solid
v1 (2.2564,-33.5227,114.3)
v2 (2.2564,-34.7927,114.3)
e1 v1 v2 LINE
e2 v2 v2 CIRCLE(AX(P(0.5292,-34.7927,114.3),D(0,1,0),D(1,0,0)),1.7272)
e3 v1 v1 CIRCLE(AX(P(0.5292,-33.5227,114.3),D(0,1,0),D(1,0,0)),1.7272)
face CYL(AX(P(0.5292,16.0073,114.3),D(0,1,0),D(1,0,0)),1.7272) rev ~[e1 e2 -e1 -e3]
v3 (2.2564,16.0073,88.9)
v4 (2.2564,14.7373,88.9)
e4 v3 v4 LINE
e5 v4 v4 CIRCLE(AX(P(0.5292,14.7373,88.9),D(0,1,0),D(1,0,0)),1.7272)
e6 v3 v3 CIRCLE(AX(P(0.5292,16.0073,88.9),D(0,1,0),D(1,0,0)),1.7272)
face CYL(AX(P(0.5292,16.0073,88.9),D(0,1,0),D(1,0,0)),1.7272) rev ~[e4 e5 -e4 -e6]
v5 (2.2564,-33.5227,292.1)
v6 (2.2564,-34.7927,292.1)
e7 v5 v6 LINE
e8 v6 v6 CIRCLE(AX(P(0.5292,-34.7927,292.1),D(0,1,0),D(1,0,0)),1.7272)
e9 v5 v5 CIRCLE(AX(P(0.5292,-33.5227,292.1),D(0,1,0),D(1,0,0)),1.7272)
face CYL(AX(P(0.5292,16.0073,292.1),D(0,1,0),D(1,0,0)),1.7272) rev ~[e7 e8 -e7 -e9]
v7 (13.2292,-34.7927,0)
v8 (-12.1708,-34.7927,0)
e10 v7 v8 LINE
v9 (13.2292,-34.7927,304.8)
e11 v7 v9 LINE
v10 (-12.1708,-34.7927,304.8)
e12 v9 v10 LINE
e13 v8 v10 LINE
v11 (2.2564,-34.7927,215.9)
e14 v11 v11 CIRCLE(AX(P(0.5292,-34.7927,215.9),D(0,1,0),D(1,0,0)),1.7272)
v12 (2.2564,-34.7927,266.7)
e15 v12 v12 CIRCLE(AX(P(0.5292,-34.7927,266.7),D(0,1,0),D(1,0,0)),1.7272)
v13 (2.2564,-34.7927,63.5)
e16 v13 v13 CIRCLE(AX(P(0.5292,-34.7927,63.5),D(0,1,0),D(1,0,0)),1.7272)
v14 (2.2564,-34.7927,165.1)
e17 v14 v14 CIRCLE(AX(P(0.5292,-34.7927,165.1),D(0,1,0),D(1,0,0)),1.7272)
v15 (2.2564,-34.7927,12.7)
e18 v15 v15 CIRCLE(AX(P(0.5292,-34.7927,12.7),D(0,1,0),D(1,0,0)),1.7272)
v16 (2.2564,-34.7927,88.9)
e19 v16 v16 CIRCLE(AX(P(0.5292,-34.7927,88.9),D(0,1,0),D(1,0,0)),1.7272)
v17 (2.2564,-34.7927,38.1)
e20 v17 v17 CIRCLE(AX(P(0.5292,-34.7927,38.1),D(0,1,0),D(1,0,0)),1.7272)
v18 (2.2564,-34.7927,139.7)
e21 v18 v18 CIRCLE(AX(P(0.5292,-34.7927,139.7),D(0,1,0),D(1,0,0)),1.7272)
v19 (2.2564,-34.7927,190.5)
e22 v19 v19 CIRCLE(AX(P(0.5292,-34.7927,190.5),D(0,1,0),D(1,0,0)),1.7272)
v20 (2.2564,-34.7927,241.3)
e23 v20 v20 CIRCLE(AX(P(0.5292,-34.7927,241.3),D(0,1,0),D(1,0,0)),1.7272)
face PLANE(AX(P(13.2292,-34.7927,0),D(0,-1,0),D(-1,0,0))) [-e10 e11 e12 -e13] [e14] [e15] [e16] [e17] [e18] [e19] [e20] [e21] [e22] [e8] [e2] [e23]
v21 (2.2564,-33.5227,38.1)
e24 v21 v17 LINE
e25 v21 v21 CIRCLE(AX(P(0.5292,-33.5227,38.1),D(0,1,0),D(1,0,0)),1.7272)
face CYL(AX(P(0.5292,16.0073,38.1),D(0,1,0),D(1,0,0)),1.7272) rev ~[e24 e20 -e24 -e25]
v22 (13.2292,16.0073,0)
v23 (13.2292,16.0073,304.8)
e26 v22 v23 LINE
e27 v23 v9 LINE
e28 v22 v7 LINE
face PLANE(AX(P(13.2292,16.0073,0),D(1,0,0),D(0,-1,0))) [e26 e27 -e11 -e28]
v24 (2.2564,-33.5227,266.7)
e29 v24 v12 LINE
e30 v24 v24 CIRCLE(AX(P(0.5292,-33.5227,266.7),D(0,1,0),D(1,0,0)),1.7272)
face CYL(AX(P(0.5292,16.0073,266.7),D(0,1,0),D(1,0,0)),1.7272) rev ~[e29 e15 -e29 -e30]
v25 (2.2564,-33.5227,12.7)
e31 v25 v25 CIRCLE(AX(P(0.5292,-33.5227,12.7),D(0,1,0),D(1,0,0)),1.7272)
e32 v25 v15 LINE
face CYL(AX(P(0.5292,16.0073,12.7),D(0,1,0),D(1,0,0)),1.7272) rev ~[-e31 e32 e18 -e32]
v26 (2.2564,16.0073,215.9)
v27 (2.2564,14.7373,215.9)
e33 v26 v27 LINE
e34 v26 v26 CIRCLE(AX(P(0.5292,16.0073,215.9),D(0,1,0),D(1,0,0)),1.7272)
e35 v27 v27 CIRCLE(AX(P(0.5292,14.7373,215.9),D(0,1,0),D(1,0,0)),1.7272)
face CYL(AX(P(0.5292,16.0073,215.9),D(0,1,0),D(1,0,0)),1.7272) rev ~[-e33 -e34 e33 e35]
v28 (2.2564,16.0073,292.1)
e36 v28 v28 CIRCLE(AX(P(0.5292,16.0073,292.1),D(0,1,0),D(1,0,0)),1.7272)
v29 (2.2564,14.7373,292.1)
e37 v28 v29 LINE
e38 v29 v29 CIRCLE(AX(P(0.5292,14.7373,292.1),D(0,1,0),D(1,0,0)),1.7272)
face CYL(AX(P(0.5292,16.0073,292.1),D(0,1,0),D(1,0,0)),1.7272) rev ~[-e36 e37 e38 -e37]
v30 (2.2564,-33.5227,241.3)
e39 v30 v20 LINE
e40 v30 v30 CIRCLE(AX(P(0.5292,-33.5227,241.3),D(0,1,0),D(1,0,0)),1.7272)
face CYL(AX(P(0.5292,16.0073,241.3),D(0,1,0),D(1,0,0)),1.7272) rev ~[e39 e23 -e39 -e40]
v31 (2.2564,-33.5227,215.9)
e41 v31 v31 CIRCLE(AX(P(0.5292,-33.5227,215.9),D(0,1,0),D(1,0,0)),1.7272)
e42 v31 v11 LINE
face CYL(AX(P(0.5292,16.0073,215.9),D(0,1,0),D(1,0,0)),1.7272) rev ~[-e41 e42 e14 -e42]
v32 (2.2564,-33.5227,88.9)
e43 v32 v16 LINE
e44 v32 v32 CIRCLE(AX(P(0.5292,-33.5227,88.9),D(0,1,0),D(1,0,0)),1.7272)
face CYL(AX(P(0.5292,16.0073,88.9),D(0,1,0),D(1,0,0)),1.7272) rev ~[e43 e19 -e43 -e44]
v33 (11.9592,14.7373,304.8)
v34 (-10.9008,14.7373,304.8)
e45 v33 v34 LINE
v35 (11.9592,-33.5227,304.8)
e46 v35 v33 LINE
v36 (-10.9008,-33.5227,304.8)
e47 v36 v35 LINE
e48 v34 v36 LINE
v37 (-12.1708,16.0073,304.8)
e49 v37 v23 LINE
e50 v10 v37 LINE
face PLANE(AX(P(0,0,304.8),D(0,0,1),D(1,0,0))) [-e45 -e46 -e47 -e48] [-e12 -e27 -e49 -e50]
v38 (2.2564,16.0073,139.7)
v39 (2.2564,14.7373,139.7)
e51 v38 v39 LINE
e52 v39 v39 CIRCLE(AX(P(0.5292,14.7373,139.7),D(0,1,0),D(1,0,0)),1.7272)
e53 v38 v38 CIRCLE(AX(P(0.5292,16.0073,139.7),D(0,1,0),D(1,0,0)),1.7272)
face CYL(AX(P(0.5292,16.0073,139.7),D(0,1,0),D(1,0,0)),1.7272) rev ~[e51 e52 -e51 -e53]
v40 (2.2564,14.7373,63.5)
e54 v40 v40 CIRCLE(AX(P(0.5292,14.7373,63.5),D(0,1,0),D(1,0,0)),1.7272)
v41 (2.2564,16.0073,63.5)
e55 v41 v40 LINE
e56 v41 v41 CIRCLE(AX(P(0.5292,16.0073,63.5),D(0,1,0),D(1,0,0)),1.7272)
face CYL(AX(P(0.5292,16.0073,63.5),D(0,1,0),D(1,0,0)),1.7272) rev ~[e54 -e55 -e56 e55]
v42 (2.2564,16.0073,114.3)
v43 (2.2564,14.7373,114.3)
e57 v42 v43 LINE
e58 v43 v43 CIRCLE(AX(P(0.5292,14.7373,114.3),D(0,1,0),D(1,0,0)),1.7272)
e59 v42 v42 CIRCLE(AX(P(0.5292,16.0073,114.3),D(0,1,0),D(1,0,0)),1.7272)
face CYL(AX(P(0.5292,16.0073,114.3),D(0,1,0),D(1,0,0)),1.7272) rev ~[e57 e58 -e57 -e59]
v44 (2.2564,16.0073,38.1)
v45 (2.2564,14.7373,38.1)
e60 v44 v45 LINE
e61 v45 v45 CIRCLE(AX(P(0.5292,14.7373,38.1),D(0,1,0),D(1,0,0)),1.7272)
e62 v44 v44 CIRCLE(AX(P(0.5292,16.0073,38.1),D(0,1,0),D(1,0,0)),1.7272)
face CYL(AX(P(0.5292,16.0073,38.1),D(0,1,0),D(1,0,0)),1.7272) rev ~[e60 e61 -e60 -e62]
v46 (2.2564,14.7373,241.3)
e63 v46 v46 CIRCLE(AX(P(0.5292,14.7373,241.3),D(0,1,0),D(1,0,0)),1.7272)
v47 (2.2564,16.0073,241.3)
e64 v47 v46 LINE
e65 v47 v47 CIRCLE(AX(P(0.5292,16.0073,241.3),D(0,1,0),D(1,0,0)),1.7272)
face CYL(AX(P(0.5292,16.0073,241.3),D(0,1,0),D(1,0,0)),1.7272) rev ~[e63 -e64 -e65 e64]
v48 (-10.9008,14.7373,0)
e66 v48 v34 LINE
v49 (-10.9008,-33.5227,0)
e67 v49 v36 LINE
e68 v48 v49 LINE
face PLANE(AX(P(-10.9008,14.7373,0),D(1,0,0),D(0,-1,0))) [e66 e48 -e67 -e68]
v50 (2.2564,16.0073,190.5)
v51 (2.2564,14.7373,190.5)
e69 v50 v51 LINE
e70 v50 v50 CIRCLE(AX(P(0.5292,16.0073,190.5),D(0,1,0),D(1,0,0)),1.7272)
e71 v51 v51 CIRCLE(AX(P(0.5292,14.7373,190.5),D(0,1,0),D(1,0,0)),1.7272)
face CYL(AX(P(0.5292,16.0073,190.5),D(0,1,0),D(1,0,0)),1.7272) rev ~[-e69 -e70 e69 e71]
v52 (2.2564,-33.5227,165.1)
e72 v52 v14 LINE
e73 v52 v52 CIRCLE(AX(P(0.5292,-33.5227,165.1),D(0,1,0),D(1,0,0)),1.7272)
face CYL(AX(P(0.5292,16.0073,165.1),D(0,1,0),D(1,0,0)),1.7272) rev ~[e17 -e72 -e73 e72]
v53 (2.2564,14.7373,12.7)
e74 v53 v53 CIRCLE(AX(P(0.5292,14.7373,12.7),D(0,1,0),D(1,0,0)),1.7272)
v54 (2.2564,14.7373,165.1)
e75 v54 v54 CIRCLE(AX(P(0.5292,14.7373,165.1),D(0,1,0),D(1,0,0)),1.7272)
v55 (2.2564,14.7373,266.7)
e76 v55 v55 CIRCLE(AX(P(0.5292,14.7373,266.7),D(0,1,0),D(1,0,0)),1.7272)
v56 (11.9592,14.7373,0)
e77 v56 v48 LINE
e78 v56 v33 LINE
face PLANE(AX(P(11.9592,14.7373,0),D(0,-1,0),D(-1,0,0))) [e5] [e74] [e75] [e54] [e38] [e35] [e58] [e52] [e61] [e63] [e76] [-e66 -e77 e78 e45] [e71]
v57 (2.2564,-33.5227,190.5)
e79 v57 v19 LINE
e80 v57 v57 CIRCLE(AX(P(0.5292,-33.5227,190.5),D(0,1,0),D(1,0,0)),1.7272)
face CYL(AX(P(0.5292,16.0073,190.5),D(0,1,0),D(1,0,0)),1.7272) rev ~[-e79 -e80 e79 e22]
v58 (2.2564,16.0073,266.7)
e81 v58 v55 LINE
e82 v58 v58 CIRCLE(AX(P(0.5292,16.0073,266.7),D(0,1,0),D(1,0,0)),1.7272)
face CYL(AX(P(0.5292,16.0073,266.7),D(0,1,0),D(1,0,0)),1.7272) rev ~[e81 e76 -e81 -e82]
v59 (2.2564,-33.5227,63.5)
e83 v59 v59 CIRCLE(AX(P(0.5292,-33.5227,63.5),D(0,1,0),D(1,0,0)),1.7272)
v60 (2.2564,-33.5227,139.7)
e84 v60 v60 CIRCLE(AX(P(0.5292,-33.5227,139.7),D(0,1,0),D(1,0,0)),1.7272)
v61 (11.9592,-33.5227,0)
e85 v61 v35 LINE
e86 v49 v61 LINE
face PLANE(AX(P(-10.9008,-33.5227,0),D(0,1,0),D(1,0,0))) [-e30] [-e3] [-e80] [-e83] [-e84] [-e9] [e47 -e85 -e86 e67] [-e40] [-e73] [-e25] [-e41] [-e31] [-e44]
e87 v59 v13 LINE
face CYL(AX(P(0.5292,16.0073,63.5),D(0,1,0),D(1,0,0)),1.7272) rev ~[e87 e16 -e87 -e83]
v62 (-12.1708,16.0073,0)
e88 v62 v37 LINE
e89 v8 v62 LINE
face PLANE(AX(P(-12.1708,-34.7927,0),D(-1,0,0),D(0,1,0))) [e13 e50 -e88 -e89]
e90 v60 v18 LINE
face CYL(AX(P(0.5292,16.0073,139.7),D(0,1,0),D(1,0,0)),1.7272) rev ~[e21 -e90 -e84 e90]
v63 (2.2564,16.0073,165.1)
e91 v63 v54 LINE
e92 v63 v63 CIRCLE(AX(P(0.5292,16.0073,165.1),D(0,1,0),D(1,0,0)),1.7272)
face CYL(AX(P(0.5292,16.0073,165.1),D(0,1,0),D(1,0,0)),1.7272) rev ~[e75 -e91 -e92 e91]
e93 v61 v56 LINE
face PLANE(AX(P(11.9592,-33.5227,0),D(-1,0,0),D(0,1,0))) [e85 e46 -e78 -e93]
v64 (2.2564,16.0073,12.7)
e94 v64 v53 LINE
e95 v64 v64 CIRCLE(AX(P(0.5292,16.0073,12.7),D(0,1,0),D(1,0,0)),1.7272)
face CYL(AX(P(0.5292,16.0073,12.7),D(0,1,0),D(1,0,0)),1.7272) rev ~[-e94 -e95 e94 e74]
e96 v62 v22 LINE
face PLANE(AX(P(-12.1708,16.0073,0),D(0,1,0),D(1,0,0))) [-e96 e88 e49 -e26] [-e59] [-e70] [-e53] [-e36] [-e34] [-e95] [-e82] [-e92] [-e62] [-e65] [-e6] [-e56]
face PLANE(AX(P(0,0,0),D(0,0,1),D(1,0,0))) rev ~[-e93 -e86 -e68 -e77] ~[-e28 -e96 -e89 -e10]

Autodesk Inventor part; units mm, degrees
ref_plane "YZ Plane" through (0, 0, 0) normal (1, 0, 0) x (0, 1, 0)
ref_plane "XZ Plane" through (0, 0, 0) normal (0, 1, 0) x (-1, 0, 0)
ref_plane "XY Plane" through (0, 0, 0) normal (0, 0, 1) x (1, 0, 0)
sketch "Sketch1" plane through (0, 0, 0) normal (0, 0, 1) x (1, 0, 0)
  line L0 (-12.1708, 16.0073) -> (13.2292, 16.0073)
  line L1 (13.2292, 16.0073) -> (13.2292, -34.7927)
  line L2 (13.2292, -34.7927) -> (-12.1708, -34.7927)
  line L3 (-12.1708, -34.7927) -> (-12.1708, 16.0073)
  line L4 (11.9592, 14.7373) -> (-10.9008, 14.7373)
  line L5 (-10.9008, 14.7373) -> (-10.9008, -33.5227)
  line L6 (-10.9008, -33.5227) -> (11.9592, -33.5227)
  line L7 (11.9592, -33.5227) -> (11.9592, 14.7373)
  point P0 (0, 0)
  dimension "d0" = 25.4
  dimension "d1" = 50.8
  dimension "d2" = 1.27
extrude "Extrusion1" add sketch "Sketch1" along normal blind 304.8
sketch "Sketch2" plane through (-12.1708, 16.0073, 0) normal (0, 1, 0) x (1, 0, 0)
  circle A0 centre (12.7, -12.7) radius 1.7272
  line L0 (25.4, 0) -> (0, 0) projected
  line L1 (0, 0) -> (0, -304.8) projected
  point P0 (12.1708, 0)
  dimension "d5" = 3.4544
  dimension "d6" = 12.7
  dimension "d7" = 12.7
extrude "Extrusion2" cut sketch "Sketch2" against normal through all
pattern_linear "Rectangular Pattern1" count 12 spacing 25.4 along (0, 0, 1) of "Extrusion2"
equation "\"d3\" = d13"
equation "\"d13\" = 304.8"
properties part number "VerseFrame 12in"
